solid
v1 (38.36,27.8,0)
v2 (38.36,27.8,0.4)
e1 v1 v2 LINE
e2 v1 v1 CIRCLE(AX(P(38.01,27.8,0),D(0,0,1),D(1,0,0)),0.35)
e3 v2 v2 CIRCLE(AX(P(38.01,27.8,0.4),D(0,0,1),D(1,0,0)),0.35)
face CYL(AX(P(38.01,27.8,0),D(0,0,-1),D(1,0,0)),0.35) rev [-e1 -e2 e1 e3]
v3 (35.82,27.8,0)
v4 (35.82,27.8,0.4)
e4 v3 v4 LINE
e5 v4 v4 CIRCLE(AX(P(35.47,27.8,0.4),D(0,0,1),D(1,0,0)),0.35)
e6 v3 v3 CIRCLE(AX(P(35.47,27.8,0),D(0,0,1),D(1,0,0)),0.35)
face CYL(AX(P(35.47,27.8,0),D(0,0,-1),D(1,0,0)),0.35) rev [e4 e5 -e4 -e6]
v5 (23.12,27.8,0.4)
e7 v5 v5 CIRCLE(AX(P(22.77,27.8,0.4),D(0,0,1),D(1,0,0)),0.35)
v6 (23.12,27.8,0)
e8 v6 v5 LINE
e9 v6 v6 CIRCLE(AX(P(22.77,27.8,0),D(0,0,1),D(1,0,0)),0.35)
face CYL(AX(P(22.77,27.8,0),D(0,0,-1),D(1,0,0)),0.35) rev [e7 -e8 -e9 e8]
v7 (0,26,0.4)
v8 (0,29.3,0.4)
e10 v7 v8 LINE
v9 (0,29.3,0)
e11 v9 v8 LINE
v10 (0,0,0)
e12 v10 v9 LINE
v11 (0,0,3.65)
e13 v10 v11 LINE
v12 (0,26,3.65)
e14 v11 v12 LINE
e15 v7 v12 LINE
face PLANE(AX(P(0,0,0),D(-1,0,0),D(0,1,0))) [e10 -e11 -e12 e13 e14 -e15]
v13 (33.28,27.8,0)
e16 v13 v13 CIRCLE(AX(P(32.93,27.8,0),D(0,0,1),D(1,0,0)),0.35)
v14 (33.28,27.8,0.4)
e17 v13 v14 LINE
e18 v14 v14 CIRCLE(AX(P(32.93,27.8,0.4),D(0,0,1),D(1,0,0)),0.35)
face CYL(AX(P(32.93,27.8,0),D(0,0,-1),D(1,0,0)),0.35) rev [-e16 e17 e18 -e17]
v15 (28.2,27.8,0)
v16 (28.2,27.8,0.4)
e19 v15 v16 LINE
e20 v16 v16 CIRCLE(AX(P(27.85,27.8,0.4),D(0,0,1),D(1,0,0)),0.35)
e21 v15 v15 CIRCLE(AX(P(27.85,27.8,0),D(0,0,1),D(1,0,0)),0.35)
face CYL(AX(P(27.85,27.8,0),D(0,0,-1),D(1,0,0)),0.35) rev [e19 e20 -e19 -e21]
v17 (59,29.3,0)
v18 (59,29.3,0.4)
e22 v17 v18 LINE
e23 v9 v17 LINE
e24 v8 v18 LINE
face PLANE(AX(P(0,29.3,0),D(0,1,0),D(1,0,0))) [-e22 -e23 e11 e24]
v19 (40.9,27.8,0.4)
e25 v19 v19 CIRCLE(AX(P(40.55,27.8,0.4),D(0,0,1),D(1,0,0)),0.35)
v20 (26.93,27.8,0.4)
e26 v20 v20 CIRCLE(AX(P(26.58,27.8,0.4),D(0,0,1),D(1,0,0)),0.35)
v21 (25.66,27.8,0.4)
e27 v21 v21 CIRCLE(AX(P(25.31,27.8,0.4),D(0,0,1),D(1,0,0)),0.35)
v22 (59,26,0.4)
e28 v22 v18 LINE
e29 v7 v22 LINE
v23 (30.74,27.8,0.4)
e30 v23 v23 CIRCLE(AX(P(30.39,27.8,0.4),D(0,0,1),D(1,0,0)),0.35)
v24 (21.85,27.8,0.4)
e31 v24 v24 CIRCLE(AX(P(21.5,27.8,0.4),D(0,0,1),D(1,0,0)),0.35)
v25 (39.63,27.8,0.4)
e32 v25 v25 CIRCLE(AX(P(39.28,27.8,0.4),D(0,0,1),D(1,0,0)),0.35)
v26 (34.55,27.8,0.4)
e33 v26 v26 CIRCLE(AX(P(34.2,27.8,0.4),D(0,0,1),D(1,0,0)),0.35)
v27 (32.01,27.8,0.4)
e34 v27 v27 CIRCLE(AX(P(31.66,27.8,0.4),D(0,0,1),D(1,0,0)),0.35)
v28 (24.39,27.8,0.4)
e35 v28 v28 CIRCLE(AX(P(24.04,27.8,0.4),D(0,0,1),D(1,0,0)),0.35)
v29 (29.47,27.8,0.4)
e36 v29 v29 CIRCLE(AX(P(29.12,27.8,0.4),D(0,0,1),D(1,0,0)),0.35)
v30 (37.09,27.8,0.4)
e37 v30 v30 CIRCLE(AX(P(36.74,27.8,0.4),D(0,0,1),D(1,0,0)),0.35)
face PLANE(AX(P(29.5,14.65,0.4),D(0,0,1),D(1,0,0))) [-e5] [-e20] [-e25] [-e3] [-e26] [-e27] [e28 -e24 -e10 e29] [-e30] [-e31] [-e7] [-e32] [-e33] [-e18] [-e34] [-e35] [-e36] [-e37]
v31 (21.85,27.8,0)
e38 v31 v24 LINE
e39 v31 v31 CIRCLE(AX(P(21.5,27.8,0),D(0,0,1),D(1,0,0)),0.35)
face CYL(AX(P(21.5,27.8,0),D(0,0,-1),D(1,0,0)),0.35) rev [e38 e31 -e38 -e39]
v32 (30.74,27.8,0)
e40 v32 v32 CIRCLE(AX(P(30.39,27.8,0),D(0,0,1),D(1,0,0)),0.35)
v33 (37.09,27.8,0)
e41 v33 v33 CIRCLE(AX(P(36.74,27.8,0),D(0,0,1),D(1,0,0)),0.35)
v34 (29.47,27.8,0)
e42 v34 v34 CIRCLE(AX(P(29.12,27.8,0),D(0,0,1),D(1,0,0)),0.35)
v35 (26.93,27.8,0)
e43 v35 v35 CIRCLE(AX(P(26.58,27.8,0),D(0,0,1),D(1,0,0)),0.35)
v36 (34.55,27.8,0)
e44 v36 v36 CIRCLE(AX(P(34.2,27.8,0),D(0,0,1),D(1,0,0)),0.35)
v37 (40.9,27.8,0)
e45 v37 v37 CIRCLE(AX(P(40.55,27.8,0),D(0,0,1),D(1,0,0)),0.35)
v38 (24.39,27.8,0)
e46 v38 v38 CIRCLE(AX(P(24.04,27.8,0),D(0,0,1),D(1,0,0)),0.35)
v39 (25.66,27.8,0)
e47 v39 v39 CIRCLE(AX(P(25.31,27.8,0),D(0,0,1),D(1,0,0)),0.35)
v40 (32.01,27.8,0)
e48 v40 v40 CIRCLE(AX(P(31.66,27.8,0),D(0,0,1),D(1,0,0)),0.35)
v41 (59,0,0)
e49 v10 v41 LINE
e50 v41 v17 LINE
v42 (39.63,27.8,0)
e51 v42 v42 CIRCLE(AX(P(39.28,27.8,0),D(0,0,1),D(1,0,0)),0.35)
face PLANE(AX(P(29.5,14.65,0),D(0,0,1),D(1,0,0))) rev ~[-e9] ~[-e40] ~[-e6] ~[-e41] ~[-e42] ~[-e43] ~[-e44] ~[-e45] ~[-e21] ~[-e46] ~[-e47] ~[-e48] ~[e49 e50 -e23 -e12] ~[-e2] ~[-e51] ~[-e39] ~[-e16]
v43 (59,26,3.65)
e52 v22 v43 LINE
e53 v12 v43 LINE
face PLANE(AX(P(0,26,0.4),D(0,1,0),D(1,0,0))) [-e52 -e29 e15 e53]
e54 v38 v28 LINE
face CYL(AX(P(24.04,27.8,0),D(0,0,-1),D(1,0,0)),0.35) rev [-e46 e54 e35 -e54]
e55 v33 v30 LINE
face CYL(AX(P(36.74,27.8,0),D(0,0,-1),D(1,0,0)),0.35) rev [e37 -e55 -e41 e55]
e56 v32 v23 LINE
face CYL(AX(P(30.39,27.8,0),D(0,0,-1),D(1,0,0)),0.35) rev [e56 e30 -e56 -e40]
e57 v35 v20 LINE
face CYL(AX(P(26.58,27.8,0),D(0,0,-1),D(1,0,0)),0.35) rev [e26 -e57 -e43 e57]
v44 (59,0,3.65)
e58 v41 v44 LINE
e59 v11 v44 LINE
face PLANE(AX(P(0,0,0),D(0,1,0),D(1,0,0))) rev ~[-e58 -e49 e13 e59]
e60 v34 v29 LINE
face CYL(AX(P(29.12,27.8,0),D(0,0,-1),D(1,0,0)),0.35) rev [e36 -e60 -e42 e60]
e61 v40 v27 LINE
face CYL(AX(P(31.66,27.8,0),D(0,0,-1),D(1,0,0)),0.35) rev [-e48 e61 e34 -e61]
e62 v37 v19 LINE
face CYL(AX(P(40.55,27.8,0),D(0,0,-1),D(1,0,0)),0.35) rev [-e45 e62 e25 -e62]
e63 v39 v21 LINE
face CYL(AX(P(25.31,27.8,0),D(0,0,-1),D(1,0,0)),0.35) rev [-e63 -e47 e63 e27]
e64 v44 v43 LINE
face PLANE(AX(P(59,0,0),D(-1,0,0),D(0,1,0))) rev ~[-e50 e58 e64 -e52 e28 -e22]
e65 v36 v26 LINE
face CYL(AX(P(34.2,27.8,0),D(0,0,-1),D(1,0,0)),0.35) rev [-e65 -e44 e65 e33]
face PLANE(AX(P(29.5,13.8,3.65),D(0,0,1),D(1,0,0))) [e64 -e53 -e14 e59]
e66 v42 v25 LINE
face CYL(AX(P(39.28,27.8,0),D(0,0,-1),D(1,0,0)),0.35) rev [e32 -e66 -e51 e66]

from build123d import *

# Parameters (mm, degrees)
BOX004_W       = 52
BOX004_H       = 15
BOX004_DEPTH   = 3.25
BOX003_W       = 56.3
BOX003_H       = 19.4
BOX003_DEPTH   = 3.25
BOX005_W       = 52
BOX005_H       = 15
BOX005_DEPTH   = 3.25
CYLINDER_R     = 0.35
CYLINDER_DEPTH = 0.4
ARRAY_X_COUNT  = 16
ARRAY_X_PITCH  = 1.27
BOX_W          = 59
BOX_H          = 29.3
BOX_DEPTH      = 0.4
BOX002_W       = 56.3
BOX002_H       = 19.4
BOX002_DEPTH   = 3.25
BOX001_W       = 59
BOX001_H       = 26
BOX001_DEPTH   = 3.25


with BuildPart() as box004:
    # Box004 → Box004 (new body)
    with BuildSketch(Plane(origin=(3.5, 6.3, 0.4), x_dir=(1, 0, 0), z_dir=(0, 0, 1))):
        with Locations((26, 7.5)):
            Rectangle(BOX004_W, BOX004_H)
    extrude(amount=BOX004_DEPTH)


with BuildPart() as cut001:
    # Box003 → Box003 (new body)
    with BuildSketch(Plane(origin=(1.35, 4.1, 0.4), x_dir=(1, 0, 0), z_dir=(0, 0, 1))):
        with Locations((28.15, 9.7)):
            Rectangle(BOX003_W, BOX003_H)
    extrude(amount=BOX003_DEPTH)

    # Cut001: cut Box004
    add(box004.part, mode=Mode.SUBTRACT)


with BuildPart() as box005:
    # Box005 → Box005 (new body)
    with BuildSketch(Plane(origin=(3.5, 6.3, 0.4), x_dir=(1, 0, 0), z_dir=(0, 0, 1))):
        with Locations((26, 7.5)):
            Rectangle(BOX005_W, BOX005_H)
    extrude(amount=BOX005_DEPTH)


with BuildPart() as array:
    # Cylinder → Cylinder (new body)
    with BuildSketch(Plane(origin=(21.5, 27.8, 0), x_dir=(1, 0, 0), z_dir=(0, 0, 1))):
        Circle(CYLINDER_R)
    extrude(amount=CYLINDER_DEPTH)

    # Array X: Array ×16


with BuildPart() as array_1:
    add(array.part)
    with Locations(*[(i * ARRAY_X_PITCH, 0, 0) for i in range(1, ARRAY_X_COUNT)]):
        add(array.part)


with BuildPart() as cut002:
    # Box → Box (new body)
    with BuildSketch(Plane.XY):
        with Locations((29.5, 14.65)):
            Rectangle(BOX_W, BOX_H)
    extrude(amount=BOX_DEPTH)

    # Cut002: cut Array
    add(array_1.part, mode=Mode.SUBTRACT)


with BuildPart() as box002:
    # Box002 → Box002 (new body)
    with BuildSketch(Plane(origin=(1.35, 4.1, 0.4), x_dir=(1, 0, 0), z_dir=(0, 0, 1))):
        with Locations((28.15, 9.7)):
            Rectangle(BOX002_W, BOX002_H)
    extrude(amount=BOX002_DEPTH)


with BuildPart() as fusion:
    # Box001 → Box001 (new body)
    with BuildSketch(Plane.XY.offset(0.4)):
        with Locations((29.5, 13)):
            Rectangle(BOX001_W, BOX001_H)
    extrude(amount=BOX001_DEPTH)

    # Cut: cut Box002
    add(box002.part, mode=Mode.SUBTRACT)

    # Fusion: union Cut001, box005, Cut002
    add(cut001.part)
    add(box005.part)
    add(cut002.part)


solid = fusion.part
